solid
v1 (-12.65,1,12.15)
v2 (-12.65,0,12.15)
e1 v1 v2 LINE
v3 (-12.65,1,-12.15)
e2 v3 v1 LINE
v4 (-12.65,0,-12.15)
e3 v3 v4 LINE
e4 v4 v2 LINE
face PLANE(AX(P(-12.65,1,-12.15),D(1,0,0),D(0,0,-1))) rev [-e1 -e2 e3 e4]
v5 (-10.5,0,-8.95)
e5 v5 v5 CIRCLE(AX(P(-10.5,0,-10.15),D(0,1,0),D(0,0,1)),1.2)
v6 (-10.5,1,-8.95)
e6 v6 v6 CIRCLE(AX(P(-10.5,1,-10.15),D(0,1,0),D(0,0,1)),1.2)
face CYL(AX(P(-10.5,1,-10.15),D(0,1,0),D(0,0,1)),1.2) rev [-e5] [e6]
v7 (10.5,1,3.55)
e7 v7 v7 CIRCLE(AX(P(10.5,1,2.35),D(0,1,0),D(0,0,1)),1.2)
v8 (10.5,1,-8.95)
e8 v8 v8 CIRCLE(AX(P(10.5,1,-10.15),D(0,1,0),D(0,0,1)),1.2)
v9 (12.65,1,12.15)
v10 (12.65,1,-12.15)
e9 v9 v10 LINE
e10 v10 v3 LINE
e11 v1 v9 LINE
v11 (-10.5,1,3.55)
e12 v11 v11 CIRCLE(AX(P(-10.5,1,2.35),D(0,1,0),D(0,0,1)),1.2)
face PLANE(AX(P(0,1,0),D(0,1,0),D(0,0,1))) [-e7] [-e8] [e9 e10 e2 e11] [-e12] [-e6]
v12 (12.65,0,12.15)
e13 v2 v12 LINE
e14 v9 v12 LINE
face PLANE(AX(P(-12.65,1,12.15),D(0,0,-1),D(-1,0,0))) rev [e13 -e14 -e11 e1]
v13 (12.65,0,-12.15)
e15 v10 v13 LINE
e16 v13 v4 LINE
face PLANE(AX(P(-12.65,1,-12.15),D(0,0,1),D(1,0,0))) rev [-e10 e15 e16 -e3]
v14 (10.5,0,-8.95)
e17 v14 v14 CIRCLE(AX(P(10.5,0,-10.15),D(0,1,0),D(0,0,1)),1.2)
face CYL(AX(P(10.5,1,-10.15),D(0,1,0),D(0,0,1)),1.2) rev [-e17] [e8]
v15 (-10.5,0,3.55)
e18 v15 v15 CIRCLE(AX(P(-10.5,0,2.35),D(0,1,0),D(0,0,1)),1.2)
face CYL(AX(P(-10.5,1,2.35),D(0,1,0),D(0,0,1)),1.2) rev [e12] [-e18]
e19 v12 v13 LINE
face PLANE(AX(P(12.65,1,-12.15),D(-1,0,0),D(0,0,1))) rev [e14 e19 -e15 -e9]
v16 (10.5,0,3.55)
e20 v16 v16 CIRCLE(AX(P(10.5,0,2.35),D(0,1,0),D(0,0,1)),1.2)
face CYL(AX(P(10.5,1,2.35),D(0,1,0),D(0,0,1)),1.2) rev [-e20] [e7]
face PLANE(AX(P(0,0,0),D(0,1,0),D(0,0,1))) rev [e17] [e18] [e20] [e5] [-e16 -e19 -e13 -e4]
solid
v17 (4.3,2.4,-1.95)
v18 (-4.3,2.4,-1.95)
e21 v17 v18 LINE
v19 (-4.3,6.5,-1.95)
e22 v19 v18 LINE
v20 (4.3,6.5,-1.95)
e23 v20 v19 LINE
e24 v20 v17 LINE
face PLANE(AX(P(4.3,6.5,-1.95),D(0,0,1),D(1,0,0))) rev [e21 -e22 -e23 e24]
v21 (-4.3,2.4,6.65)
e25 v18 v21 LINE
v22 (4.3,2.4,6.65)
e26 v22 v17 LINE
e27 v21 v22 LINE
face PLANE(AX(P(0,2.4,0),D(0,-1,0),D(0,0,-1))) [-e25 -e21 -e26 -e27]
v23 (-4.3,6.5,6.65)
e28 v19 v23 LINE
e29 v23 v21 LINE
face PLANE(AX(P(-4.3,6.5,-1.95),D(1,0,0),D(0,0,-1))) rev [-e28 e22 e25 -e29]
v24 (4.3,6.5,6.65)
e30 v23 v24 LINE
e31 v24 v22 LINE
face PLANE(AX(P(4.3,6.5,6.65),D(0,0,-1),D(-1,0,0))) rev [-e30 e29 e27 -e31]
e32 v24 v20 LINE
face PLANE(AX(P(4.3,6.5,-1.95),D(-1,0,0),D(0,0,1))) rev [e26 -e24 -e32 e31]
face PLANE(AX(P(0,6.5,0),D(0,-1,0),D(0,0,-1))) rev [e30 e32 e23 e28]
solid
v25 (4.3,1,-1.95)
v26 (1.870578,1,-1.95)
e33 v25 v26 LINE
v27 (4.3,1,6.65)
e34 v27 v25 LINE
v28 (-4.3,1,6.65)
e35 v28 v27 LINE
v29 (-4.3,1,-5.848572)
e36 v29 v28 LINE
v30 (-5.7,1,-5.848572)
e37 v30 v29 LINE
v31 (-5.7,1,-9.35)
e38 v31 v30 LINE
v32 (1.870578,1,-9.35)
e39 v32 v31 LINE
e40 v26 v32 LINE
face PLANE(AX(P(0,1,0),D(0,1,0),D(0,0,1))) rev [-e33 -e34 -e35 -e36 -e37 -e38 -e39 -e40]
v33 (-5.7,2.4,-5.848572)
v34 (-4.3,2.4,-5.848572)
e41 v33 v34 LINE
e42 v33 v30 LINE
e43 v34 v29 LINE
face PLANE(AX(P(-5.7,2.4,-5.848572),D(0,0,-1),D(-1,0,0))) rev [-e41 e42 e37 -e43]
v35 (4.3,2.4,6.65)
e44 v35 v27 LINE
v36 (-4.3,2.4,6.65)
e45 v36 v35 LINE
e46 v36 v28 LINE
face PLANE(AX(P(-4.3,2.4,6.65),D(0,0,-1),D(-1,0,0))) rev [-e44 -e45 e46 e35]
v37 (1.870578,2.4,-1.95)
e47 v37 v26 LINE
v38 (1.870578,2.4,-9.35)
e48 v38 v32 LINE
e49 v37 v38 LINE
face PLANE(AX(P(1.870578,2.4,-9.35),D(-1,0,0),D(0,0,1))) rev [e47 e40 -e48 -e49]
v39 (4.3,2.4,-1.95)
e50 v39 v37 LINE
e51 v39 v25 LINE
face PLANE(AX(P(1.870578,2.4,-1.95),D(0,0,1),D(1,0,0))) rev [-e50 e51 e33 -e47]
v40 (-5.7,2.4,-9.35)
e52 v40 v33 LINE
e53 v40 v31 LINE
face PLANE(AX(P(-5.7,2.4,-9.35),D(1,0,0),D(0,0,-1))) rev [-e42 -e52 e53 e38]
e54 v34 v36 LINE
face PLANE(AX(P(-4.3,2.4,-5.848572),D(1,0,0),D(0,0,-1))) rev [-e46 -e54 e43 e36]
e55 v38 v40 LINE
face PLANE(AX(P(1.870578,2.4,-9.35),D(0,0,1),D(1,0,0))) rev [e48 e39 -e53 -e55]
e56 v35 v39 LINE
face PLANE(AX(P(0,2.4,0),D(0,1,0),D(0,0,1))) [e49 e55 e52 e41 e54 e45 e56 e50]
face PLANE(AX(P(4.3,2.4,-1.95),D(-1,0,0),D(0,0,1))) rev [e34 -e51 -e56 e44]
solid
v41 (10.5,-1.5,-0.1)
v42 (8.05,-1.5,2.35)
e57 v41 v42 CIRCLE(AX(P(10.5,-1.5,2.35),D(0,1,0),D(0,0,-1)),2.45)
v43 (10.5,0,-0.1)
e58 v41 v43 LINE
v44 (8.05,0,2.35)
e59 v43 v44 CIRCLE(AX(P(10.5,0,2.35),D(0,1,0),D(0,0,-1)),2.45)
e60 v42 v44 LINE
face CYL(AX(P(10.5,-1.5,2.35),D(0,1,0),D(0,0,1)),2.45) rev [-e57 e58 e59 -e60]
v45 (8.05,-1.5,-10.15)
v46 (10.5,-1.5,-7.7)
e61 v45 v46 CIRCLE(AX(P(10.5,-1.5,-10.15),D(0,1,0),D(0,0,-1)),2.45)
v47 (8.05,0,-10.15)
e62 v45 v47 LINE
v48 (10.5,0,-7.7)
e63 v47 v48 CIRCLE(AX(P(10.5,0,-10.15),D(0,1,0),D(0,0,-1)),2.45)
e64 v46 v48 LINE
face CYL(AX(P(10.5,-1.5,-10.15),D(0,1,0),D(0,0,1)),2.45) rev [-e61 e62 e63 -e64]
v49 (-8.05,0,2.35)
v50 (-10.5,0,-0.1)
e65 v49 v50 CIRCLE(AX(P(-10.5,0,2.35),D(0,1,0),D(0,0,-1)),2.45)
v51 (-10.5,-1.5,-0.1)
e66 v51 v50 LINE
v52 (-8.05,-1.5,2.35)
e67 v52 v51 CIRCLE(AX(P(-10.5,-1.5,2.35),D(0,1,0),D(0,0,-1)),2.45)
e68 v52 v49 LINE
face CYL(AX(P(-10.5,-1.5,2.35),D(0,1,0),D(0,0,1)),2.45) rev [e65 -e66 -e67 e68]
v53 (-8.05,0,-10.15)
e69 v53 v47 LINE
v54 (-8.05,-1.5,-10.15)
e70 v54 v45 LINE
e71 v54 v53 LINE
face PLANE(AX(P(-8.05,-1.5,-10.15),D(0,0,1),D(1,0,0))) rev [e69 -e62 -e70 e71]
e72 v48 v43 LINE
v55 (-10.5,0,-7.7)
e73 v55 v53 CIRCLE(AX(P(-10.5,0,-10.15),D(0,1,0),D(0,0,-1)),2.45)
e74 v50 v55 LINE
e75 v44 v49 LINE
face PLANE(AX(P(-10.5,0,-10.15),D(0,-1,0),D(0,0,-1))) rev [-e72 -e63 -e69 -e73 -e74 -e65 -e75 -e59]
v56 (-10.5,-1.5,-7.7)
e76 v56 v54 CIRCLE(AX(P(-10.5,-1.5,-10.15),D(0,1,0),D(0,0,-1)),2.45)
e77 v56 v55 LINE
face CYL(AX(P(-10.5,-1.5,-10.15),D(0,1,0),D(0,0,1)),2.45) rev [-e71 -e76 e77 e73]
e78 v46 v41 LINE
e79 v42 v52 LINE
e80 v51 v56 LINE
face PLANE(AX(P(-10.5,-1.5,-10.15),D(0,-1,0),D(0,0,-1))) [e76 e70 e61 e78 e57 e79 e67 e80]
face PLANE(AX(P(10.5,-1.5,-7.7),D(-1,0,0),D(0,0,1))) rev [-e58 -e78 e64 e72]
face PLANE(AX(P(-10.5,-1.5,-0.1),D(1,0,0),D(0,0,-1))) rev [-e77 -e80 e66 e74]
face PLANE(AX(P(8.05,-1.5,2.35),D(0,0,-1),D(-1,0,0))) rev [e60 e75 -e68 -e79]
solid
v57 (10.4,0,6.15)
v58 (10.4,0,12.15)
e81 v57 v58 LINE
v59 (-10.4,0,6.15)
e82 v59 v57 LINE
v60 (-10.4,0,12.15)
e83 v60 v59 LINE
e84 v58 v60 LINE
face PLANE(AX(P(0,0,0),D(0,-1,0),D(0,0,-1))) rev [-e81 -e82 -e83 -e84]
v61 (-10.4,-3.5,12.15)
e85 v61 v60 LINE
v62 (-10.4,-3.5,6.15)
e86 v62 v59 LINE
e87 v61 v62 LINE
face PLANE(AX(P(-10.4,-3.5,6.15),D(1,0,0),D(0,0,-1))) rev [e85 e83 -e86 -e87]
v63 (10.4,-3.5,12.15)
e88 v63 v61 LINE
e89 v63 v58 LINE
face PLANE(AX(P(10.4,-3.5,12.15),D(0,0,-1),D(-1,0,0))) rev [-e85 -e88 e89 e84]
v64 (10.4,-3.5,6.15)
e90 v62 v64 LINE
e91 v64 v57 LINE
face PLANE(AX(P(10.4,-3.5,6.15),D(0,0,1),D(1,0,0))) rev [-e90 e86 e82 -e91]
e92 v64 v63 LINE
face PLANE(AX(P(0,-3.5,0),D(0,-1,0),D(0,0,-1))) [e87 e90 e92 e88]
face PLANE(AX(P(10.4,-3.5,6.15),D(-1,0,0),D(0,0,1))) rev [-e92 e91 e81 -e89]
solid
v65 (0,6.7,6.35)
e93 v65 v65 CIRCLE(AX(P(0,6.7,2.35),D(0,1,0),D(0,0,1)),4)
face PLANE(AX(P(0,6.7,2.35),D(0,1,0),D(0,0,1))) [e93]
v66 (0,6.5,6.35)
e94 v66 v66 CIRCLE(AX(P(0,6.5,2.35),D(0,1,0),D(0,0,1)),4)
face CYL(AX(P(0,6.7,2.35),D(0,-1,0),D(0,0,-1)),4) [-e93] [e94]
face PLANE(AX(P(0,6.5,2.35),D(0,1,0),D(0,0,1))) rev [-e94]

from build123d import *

# Parameters (mm, degrees)
ESQUISSE1_W        = 25.3
ESQUISSE1_H        = 24.3
BOSS_EXTRU_1_DEPTH = 1
D_GAGEMENT_M21_D   = 2.4
BOSS_EXTRU_2_DEPTH = 1.4
ESQUISSE5_W        = 8.6
ESQUISSE5_H        = 8.6
BOSS_EXTRU_3_DEPTH = 4.1
ESQUISSE6_R        = 4
BOSS_EXTRU_4_DEPTH = 0.2
ESQUISSE8_W        = 20.8
ESQUISSE8_H        = 6
BOSS_EXTRU_5_DEPTH = 3.5
BOSS_EXTRU_6_DEPTH = 1.5


with BuildPart() as part:
    # Esquisse1 → Boss.-Extru.1 (new body)
    with BuildSketch(Plane(origin=(0, 0, 0), x_dir=(1, 0, 0), z_dir=(0, 1, 0))):
        Rectangle(ESQUISSE1_W, ESQUISSE1_H)
    extrude(amount=BOSS_EXTRU_1_DEPTH)

    # Dégagement M21 (through all)
    with Locations(Plane(origin=(0, 1, 0), x_dir=(1, 0, 0), z_dir=(0, 1, 0))):
        with Locations((-10.5, 10.15), (10.5, 10.15), (-10.5, -2.35), (10.5, -2.35)):
            Hole(D_GAGEMENT_M21_D / 2)


with BuildPart() as body_2:
    # Esquisse4 → Boss.-Extru.2 (new body)
    with BuildSketch(Plane(origin=(0, 1, 0), x_dir=(1, 0, 0), z_dir=(0, 1, 0))):
        Polygon((-5.7, 9.35), (-5.7, 5.848572406), (-4.3, 5.848572406), (-4.3, -6.65), (4.3, -6.65), (4.3, 1.95), (1.870577592, 1.95), (1.870577592, 9.35), align=None)
    extrude(amount=BOSS_EXTRU_2_DEPTH)


with BuildPart() as body_3:
    # Esquisse5 → Boss.-Extru.3 (new body)
    with BuildSketch(Plane(origin=(0, 2.4, 0), x_dir=(1, 0, 0), z_dir=(0, 1, 0))):
        with Locations((0, -2.35)):
            Rectangle(ESQUISSE5_W, ESQUISSE5_H)
    extrude(amount=BOSS_EXTRU_3_DEPTH)


with BuildPart() as body_4:
    # Esquisse6 → Boss.-Extru.4 (new body)
    with BuildSketch(Plane(origin=(0, 6.5, 0), x_dir=(1, 0, 0), z_dir=(0, 1, 0))):
        with Locations(Location((0, -2.35, 0), (0, 0, 270))):
            Circle(ESQUISSE6_R)
    extrude(amount=BOSS_EXTRU_4_DEPTH)


with BuildPart() as body_5:
    # Esquisse8 → Boss.-Extru.5 (new body)
    with BuildSketch(Plane(origin=(0, 0, 0), x_dir=(-1, 0, 0), z_dir=(0, -1, 0))):
        with Locations((0, -9.15)):
            Rectangle(ESQUISSE8_W, ESQUISSE8_H)
    extrude(amount=BOSS_EXTRU_5_DEPTH)


with BuildPart() as body_6:
    # Esquisse9 → Boss.-Extru.6 (new body)
    with BuildSketch(Plane.XZ):
        with BuildLine():
            Line((-10.5, -0.1), (-10.5, -7.7))
            ThreePointArc((-10.5, -7.7), (-8.767588386, -8.417588386), (-8.05, -10.15))
            Line((-8.05, -10.15), (8.05, -10.15))
            ThreePointArc((8.05, -10.15), (8.767588386, -8.417588386), (10.5, -7.7))
            Line((10.5, -7.7), (10.5, -0.1))
            ThreePointArc((10.5, -0.1), (8.767588386, 0.617588386), (8.05, 2.35))
            Line((8.05, 2.35), (-8.05, 2.35))
            ThreePointArc((-8.05, 2.35), (-8.767588386, 0.617588386), (-10.5, -0.1))
        make_face()
    extrude(amount=BOSS_EXTRU_6_DEPTH)


solid = Compound([part.part, body_2.part, body_3.part, body_4.part, body_5.part, body_6.part])
